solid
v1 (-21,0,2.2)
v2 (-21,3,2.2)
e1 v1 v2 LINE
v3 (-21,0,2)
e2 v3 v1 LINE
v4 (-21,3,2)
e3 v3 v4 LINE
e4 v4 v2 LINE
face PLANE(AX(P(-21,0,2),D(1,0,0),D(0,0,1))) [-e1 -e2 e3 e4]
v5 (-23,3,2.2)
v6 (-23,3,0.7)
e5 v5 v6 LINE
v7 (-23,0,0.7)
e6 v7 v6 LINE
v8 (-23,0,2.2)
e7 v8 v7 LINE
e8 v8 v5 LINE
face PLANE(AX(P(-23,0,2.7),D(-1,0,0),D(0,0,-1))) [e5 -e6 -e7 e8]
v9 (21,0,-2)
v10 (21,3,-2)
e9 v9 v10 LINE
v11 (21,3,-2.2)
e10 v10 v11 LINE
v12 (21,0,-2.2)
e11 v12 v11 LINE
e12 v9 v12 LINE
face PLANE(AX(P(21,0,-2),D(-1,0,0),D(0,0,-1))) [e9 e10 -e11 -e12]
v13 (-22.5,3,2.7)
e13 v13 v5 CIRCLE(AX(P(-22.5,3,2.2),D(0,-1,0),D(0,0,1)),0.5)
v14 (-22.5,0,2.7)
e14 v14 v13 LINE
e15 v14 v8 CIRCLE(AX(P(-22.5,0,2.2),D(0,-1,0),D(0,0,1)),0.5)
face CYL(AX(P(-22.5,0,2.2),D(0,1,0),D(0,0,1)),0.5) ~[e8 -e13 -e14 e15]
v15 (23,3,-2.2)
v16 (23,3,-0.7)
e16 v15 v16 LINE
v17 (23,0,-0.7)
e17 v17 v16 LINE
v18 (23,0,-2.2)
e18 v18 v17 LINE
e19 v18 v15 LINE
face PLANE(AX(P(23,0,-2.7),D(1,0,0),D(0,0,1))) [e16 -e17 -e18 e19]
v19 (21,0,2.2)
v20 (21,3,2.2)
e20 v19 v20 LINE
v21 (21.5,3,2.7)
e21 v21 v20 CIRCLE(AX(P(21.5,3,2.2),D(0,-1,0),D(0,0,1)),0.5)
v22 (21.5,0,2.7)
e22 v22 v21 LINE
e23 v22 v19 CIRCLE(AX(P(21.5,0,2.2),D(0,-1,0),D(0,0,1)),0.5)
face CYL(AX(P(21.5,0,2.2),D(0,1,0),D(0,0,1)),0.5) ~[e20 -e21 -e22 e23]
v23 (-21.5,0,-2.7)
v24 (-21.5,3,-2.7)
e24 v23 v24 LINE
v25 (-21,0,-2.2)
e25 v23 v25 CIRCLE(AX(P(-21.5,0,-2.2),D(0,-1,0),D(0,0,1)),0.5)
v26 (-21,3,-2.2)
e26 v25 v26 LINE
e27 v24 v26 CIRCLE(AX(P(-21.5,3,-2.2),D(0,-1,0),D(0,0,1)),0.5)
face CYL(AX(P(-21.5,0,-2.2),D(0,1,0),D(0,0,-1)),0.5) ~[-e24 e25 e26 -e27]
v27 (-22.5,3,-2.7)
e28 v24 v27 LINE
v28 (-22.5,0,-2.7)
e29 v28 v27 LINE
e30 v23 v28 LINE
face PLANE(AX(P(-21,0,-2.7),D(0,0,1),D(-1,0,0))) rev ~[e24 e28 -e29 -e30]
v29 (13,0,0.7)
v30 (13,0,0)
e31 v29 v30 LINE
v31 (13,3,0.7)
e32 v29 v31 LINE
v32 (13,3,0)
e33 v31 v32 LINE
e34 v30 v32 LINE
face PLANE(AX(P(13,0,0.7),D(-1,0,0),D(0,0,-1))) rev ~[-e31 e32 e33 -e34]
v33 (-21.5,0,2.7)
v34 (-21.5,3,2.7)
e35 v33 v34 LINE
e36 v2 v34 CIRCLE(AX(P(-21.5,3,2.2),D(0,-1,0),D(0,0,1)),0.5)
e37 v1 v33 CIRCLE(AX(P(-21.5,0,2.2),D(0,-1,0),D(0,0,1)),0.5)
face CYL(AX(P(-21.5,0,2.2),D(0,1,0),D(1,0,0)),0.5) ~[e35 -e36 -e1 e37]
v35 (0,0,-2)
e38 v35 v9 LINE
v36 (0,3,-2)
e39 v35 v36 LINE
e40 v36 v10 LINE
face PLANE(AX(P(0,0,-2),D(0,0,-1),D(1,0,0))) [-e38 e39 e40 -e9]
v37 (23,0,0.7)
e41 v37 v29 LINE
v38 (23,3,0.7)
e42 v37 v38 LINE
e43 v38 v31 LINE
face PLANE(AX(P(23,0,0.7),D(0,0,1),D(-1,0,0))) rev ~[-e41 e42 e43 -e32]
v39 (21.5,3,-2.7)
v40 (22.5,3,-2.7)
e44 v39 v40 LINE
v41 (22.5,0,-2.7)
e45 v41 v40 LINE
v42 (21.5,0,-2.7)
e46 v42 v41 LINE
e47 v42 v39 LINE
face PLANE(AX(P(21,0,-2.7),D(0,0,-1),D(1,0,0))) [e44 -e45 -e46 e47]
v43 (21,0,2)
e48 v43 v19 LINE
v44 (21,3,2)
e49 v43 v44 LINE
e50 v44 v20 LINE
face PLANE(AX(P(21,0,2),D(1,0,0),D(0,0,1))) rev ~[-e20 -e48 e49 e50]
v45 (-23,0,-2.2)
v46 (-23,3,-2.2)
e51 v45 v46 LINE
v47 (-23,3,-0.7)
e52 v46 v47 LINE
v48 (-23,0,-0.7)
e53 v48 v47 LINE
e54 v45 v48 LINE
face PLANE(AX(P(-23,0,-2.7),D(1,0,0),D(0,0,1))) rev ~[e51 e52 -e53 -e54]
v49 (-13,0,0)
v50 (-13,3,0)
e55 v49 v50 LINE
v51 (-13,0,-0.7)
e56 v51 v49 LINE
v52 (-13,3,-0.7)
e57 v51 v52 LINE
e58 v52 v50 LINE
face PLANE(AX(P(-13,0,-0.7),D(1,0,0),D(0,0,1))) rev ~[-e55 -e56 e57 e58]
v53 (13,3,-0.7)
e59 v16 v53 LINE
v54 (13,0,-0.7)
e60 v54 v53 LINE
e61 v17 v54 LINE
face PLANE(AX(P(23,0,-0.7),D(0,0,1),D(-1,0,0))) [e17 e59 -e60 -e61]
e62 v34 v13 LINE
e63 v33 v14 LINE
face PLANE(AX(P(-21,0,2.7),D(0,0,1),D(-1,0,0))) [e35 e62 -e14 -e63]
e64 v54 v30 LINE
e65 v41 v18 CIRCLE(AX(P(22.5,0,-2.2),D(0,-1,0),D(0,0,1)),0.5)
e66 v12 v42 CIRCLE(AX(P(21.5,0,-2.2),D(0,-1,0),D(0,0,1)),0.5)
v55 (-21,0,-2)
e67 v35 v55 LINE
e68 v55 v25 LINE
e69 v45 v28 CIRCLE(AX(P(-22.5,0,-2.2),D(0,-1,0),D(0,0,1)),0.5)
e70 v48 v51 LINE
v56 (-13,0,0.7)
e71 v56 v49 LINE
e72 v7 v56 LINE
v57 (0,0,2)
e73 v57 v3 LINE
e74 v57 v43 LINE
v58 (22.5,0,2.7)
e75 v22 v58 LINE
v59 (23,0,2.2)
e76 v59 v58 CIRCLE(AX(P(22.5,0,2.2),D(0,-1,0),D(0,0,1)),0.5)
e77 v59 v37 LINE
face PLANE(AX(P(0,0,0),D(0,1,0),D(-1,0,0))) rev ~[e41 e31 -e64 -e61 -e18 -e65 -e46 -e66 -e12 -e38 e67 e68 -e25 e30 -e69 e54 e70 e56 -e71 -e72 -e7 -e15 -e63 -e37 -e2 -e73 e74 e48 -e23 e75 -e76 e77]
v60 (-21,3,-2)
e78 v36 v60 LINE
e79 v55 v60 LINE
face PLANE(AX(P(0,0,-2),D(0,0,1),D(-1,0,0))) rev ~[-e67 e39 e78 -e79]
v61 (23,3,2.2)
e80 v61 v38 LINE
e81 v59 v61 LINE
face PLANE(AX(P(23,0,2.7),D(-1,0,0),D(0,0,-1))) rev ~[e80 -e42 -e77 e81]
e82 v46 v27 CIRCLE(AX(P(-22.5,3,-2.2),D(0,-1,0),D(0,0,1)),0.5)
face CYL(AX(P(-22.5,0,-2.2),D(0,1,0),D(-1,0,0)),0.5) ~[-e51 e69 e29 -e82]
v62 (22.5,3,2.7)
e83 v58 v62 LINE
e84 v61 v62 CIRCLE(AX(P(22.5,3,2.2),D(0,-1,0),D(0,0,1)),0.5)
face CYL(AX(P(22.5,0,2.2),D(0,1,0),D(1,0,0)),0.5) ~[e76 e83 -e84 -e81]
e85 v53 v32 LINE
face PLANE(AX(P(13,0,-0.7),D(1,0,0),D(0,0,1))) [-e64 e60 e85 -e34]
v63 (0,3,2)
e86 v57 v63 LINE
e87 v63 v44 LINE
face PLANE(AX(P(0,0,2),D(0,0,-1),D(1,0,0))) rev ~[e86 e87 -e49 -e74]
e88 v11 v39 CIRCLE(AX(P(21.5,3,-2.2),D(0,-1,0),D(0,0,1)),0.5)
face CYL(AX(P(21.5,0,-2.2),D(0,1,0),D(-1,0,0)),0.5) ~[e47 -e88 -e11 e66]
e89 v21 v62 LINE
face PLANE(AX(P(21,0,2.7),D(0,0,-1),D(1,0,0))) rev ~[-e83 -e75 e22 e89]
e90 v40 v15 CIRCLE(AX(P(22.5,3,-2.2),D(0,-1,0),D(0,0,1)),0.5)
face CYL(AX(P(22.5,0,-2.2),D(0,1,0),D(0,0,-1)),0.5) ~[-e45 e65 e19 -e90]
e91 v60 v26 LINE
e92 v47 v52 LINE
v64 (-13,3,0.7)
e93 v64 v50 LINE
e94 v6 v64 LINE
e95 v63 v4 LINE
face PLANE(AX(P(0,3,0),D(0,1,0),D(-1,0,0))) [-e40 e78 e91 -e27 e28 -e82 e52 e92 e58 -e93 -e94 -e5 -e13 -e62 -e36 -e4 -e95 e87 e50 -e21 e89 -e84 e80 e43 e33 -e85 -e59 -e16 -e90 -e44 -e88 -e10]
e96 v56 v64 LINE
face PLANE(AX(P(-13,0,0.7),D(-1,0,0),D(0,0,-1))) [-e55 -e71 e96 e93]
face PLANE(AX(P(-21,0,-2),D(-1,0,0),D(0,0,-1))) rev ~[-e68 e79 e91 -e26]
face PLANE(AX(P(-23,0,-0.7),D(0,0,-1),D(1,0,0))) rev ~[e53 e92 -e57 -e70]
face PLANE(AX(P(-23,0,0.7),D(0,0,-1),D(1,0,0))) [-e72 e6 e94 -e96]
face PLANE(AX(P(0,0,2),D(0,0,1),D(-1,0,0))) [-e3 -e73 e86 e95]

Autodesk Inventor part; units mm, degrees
ref_plane "YZ Plane" through (0, 0, 0) normal (1, 0, 0) x (0, 1, 0)
ref_plane "XZ Plane" through (0, 0, 0) normal (0, 1, 0) x (-1, 0, 0)
ref_plane "XY Plane" through (0, 0, 0) normal (0, 0, 1) x (1, 0, 0)
sketch "Sketch1" plane through (0, 0, 0) normal (0, 1, 0) x (-1, 0, 0)
  line L0 (0, -2) -> (-21, -2)
  line L1 (-21, -2) -> (-21, -2.7)
  line L2 (0, -2) -> (0, 0) construction
  line L3 (0, 0) -> (-23, 0) construction
  line L4 (-21, -2.7) -> (-23, -2.7)
  line L5 (-23, -2.7) -> (-23, -0.7)
  line L6 (-23, -0.7) -> (-13, -0.7)
  line L7 (-13, -0.7) -> (-13, 0)
  line L8 (0, 2) -> (-21, 2)
  line L9 (-21, 2) -> (-21, 2.7)
  line L10 (-21, 2.7) -> (-23, 2.7)
  line L11 (-23, 2.7) -> (-23, 0.7)
  line L12 (-23, 0.7) -> (-13, 0.7)
  line L13 (-13, 0.7) -> (-13, 0)
  line L14 (0, -2) -> (21, -2)
  line L15 (21, -2) -> (21, -2.7)
  line L16 (21, -2.7) -> (23, -2.7)
  line L17 (23, -2.7) -> (23, -0.7)
  line L18 (23, -0.7) -> (13, -0.7)
  line L19 (13, -0.7) -> (13, 0)
  line L20 (0, 2) -> (21, 2)
  line L21 (21, 2) -> (21, 2.7)
  line L22 (21, 2.7) -> (23, 2.7)
  line L23 (23, 2.7) -> (23, 0.7)
  line L24 (23, 0.7) -> (13, 0.7)
  line L25 (13, 0.7) -> (13, 0)
  dimension "d0" = 23
  dimension "d1" = 2
  dimension "d2" = 0.7
  dimension "d3" = 10
  dimension "d4" = 0.7
  dimension "d5" = 2
extrude "Extrusion1" add sketch "Sketch1" along normal blind 3
fillet "Fillet1" radius 0.5 8 edges at (21, 1.5, 2.7) (23, 1.5, 2.7) (23, 1.5, -2.7) (21, 1.5, -2.7) (-21, 1.5, 2.7) (-23, 1.5, 2.7) (-21, 1.5, -2.7) (-23, 1.5, -2.7)
properties part number "Motor Mount Slot Lock" material "ABS Plastic"
